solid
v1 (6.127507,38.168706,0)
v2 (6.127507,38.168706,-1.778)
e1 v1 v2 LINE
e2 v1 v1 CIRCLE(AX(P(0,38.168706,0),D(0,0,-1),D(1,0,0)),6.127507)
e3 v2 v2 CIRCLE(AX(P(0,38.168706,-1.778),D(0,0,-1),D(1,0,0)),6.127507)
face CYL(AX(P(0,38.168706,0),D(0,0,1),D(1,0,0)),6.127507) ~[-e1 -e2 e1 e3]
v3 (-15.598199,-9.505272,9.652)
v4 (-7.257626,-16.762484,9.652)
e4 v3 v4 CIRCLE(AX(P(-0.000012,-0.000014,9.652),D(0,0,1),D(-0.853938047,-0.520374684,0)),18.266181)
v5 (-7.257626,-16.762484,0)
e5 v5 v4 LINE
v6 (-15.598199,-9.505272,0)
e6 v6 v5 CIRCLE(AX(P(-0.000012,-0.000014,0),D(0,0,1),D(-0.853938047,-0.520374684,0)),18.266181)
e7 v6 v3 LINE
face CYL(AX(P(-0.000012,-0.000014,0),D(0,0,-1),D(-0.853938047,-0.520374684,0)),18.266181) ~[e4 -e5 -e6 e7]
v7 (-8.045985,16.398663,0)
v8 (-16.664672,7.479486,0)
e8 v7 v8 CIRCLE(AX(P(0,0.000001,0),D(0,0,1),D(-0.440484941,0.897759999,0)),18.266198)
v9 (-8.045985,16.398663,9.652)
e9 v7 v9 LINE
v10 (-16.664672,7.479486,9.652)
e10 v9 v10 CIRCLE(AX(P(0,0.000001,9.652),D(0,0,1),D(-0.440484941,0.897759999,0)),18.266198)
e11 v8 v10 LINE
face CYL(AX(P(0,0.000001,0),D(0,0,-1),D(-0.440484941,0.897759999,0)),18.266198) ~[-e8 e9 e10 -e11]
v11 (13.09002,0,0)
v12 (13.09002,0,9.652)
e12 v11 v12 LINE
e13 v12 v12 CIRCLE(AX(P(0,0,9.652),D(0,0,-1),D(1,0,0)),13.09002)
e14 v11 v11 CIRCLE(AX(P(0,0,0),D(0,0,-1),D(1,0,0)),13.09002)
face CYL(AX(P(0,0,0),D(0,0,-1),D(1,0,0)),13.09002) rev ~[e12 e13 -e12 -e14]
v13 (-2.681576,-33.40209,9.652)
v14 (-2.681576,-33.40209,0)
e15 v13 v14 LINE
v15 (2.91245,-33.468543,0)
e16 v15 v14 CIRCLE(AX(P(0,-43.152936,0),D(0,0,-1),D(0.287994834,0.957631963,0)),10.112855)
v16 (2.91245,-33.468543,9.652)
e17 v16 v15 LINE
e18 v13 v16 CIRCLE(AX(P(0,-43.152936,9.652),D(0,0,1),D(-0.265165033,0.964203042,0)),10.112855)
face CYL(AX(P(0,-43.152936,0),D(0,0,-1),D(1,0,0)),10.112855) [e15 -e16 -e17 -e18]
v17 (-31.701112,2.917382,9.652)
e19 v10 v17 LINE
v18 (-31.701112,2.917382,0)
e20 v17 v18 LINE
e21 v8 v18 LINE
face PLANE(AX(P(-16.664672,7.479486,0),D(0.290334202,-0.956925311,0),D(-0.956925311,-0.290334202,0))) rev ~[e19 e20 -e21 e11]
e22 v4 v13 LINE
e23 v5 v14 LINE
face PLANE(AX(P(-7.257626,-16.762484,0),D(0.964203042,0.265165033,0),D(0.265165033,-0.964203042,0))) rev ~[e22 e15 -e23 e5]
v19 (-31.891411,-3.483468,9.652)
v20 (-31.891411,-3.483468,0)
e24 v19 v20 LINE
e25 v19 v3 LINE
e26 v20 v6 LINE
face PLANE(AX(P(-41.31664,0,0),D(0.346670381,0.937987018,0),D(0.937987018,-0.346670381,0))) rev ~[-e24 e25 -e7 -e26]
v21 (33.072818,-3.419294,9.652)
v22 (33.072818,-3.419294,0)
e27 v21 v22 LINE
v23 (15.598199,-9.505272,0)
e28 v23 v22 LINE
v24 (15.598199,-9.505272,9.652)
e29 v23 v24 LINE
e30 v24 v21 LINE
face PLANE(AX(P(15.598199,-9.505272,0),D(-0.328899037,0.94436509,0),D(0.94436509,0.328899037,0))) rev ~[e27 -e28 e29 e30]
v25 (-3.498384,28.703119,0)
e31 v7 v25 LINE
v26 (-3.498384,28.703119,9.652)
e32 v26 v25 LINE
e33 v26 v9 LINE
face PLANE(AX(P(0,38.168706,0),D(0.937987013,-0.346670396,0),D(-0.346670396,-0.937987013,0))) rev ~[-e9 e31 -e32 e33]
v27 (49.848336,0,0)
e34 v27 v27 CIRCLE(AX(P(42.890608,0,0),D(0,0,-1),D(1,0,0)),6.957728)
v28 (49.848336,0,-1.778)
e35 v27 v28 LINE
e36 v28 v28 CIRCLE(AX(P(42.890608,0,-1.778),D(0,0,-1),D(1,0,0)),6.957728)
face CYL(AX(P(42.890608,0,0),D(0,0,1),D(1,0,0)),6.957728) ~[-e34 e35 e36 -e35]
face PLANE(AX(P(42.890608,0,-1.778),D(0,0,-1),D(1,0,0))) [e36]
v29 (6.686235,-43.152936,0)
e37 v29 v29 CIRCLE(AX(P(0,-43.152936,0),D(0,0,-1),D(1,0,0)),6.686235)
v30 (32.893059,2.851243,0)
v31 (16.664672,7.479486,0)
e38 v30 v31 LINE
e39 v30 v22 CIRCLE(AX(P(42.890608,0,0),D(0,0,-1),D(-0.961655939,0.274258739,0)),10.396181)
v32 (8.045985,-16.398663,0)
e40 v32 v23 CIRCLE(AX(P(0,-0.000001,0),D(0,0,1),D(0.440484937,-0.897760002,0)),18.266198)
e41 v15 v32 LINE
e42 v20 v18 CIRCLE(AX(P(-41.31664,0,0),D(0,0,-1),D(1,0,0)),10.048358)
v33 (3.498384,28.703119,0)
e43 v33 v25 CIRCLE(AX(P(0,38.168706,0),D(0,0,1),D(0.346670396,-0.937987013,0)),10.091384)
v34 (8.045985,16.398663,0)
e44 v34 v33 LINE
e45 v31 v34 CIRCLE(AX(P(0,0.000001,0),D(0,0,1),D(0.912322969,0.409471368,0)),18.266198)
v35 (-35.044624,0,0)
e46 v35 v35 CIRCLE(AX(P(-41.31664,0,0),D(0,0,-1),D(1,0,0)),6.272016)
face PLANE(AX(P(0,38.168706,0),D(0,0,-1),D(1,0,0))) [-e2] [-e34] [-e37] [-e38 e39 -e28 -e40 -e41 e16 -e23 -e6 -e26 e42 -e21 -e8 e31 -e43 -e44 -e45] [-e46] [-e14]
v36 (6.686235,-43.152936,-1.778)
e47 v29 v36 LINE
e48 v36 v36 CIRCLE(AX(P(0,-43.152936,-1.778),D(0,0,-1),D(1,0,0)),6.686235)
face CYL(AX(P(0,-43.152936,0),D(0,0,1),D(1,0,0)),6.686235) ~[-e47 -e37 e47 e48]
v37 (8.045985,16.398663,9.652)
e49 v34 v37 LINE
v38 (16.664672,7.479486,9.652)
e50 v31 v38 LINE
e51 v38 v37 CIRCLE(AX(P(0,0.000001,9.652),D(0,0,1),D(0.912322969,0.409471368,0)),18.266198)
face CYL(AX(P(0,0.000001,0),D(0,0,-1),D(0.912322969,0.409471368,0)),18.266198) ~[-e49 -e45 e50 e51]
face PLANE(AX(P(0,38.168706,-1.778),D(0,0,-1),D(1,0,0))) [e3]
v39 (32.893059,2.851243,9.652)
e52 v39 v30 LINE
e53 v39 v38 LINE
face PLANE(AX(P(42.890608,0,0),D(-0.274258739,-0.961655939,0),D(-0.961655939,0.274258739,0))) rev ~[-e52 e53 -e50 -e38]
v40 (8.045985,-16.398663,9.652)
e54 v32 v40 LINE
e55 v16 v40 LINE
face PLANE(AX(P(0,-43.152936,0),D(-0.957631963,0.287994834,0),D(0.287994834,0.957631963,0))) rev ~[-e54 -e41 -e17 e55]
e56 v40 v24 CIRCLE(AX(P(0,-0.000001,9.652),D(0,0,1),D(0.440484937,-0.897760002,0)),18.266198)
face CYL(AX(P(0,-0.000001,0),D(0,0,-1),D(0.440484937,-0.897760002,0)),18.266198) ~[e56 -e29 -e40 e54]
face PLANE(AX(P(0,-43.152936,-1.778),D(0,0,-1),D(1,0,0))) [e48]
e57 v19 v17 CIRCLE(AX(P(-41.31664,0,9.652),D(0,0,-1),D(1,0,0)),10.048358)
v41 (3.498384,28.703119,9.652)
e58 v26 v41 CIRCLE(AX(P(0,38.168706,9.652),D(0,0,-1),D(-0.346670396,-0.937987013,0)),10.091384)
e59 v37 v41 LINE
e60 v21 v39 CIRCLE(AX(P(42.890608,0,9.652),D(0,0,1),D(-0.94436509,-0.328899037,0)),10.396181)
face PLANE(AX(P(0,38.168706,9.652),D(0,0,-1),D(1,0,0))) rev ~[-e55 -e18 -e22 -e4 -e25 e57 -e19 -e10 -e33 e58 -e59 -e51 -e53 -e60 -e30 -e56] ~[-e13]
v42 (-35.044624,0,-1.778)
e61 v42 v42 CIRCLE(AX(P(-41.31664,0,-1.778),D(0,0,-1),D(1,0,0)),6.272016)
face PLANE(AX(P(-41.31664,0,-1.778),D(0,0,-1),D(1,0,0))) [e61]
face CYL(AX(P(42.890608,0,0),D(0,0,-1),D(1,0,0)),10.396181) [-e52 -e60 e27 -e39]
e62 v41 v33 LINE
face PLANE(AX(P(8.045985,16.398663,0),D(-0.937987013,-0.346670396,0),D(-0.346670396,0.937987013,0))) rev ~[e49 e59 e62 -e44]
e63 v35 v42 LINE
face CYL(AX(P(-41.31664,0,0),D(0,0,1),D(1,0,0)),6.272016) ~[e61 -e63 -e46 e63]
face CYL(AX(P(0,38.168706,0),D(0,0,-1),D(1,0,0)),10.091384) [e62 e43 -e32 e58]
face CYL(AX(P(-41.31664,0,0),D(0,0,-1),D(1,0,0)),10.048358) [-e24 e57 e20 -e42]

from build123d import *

# Parameters (mm, degrees)
F1_DEPTH = 9.652
F2_R     = 13.09002
F3_DEPTH = 25.4
F5_DEPTH = 9.6012
F4_R     = 10.091384
F4_R_2   = 10.048358
F4_R_3   = 10.112855
F4_R_4   = 10.396181
F6_DEPTH = 9.652
F7_R     = 6.272016
F7_R_2   = 6.127507
F7_R_3   = 6.686235
F7_R_4   = 6.957728
F8_DEPTH = 1.778


with BuildPart() as f1:
    # F0 (on Top) → F1 (new body)
    with BuildSketch(Plane.XY):
        with BuildLine():
            ThreePointArc((-15.598199, -9.505272), (-18.230297, -1.14468), (-16.664672, 7.479486))
            Line((-16.664672, 7.479486), (-41.31664, 0))
            Line((-41.31664, 0), (-15.598199, -9.505272))
        make_face()
        with BuildLine():
            ThreePointArc((16.664672, 7.479486), (17.86133, 3.824513), (18.266199, 0))
            ThreePointArc((18.266199, 0), (17.586555, -4.936305), (15.598199, -9.505272))
            Line((15.598199, -9.505272), (42.890608, 0))
            Line((42.890608, 0), (16.664672, 7.479486))
        make_face()
        with BuildLine():
            Line((0, -43.152936), (8.045985, -16.398663))
            ThreePointArc((8.045985, -16.398663), (0.43413, -18.261039), (-7.257626, -16.762484))
            Line((-7.257626, -16.762484), (0, -43.152936))
        make_face()
        with BuildLine():
            ThreePointArc((15.598199, -9.505272), (17.586555, -4.936305), (18.266199, 0))
            ThreePointArc((18.266199, 0), (17.86133, 3.824513), (16.664672, 7.479486))
            ThreePointArc((16.664672, 7.479486), (13.135527, 12.692988), (8.045985, 16.398663))
            ThreePointArc((8.045985, 16.398663), (0, 18.266199), (-8.045985, 16.398663))
            ThreePointArc((-8.045985, 16.398663), (-13.135527, 12.692988), (-16.664672, 7.479486))
            ThreePointArc((-16.664672, 7.479486), (-18.230297, -1.14468), (-15.598199, -9.505272))
            ThreePointArc((-15.598199, -9.505272), (-11.990162, -13.78006), (-7.257626, -16.762484))
            ThreePointArc((-7.257626, -16.762484), (0.43413, -18.261039), (8.045985, -16.398663))
            ThreePointArc((8.045985, -16.398663), (12.314283, -13.491199), (15.598199, -9.505272))
        make_face()
        with BuildLine():
            ThreePointArc((-8.045985, 16.398663), (0, 18.266199), (8.045985, 16.398663))
            Line((8.045985, 16.398663), (0, 38.168706))
            Line((0, 38.168706), (-8.045985, 16.398663))
        make_face()
    extrude(amount=F1_DEPTH)

    # F2 (on face) → F3 (cut)
    with BuildSketch(Plane(origin=(0, 0, 0), x_dir=(1, 0, 0), z_dir=(0, 0, -1))):
        Circle(F2_R)
    extrude(amount=-F3_DEPTH, mode=Mode.SUBTRACT)

    # F4 (on face) → F5 (join)
    with BuildSketch(Plane(origin=(0, 0, 0), x_dir=(1, 0, 0), z_dir=(0, 0, -1))):
        with BuildLine():
            Line((0, -38.168706), (3.498384, -28.703119))
            ThreePointArc((3.498384, -28.703119), (0, -28.077322), (-3.498384, -28.703119))
            Line((-3.498384, -28.703119), (0, -38.168706))
        make_face()
    extrude(amount=-F5_DEPTH)

    # F4 (on face) → F6 (join)
    with BuildSketch(Plane(origin=(0, 0, 0), x_dir=(1, 0, 0), z_dir=(0, 0, -1))):
        with Locations((0, -38.168706)):
            Circle(F4_R)
        with Locations((-41.31664, 0)):
            Circle(F4_R_2)
        with Locations((0, 43.152936)):
            Circle(F4_R_3)
        with Locations((42.890608, 0)):
            Circle(F4_R_4)
    extrude(amount=-F6_DEPTH)

    # F7 (on face) → F8 (join)
    with BuildSketch(Plane(origin=(0, 0, 0), x_dir=(1, 0, 0), z_dir=(0, 0, -1))):
        with Locations((-41.31664, 0)):
            Circle(F7_R)
        with Locations((0, -38.168706)):
            Circle(F7_R_2)
        with Locations((0, 43.152936)):
            Circle(F7_R_3)
        with Locations((42.890608, 0)):
            Circle(F7_R_4)
    extrude(amount=F8_DEPTH)


solid = f1.part
